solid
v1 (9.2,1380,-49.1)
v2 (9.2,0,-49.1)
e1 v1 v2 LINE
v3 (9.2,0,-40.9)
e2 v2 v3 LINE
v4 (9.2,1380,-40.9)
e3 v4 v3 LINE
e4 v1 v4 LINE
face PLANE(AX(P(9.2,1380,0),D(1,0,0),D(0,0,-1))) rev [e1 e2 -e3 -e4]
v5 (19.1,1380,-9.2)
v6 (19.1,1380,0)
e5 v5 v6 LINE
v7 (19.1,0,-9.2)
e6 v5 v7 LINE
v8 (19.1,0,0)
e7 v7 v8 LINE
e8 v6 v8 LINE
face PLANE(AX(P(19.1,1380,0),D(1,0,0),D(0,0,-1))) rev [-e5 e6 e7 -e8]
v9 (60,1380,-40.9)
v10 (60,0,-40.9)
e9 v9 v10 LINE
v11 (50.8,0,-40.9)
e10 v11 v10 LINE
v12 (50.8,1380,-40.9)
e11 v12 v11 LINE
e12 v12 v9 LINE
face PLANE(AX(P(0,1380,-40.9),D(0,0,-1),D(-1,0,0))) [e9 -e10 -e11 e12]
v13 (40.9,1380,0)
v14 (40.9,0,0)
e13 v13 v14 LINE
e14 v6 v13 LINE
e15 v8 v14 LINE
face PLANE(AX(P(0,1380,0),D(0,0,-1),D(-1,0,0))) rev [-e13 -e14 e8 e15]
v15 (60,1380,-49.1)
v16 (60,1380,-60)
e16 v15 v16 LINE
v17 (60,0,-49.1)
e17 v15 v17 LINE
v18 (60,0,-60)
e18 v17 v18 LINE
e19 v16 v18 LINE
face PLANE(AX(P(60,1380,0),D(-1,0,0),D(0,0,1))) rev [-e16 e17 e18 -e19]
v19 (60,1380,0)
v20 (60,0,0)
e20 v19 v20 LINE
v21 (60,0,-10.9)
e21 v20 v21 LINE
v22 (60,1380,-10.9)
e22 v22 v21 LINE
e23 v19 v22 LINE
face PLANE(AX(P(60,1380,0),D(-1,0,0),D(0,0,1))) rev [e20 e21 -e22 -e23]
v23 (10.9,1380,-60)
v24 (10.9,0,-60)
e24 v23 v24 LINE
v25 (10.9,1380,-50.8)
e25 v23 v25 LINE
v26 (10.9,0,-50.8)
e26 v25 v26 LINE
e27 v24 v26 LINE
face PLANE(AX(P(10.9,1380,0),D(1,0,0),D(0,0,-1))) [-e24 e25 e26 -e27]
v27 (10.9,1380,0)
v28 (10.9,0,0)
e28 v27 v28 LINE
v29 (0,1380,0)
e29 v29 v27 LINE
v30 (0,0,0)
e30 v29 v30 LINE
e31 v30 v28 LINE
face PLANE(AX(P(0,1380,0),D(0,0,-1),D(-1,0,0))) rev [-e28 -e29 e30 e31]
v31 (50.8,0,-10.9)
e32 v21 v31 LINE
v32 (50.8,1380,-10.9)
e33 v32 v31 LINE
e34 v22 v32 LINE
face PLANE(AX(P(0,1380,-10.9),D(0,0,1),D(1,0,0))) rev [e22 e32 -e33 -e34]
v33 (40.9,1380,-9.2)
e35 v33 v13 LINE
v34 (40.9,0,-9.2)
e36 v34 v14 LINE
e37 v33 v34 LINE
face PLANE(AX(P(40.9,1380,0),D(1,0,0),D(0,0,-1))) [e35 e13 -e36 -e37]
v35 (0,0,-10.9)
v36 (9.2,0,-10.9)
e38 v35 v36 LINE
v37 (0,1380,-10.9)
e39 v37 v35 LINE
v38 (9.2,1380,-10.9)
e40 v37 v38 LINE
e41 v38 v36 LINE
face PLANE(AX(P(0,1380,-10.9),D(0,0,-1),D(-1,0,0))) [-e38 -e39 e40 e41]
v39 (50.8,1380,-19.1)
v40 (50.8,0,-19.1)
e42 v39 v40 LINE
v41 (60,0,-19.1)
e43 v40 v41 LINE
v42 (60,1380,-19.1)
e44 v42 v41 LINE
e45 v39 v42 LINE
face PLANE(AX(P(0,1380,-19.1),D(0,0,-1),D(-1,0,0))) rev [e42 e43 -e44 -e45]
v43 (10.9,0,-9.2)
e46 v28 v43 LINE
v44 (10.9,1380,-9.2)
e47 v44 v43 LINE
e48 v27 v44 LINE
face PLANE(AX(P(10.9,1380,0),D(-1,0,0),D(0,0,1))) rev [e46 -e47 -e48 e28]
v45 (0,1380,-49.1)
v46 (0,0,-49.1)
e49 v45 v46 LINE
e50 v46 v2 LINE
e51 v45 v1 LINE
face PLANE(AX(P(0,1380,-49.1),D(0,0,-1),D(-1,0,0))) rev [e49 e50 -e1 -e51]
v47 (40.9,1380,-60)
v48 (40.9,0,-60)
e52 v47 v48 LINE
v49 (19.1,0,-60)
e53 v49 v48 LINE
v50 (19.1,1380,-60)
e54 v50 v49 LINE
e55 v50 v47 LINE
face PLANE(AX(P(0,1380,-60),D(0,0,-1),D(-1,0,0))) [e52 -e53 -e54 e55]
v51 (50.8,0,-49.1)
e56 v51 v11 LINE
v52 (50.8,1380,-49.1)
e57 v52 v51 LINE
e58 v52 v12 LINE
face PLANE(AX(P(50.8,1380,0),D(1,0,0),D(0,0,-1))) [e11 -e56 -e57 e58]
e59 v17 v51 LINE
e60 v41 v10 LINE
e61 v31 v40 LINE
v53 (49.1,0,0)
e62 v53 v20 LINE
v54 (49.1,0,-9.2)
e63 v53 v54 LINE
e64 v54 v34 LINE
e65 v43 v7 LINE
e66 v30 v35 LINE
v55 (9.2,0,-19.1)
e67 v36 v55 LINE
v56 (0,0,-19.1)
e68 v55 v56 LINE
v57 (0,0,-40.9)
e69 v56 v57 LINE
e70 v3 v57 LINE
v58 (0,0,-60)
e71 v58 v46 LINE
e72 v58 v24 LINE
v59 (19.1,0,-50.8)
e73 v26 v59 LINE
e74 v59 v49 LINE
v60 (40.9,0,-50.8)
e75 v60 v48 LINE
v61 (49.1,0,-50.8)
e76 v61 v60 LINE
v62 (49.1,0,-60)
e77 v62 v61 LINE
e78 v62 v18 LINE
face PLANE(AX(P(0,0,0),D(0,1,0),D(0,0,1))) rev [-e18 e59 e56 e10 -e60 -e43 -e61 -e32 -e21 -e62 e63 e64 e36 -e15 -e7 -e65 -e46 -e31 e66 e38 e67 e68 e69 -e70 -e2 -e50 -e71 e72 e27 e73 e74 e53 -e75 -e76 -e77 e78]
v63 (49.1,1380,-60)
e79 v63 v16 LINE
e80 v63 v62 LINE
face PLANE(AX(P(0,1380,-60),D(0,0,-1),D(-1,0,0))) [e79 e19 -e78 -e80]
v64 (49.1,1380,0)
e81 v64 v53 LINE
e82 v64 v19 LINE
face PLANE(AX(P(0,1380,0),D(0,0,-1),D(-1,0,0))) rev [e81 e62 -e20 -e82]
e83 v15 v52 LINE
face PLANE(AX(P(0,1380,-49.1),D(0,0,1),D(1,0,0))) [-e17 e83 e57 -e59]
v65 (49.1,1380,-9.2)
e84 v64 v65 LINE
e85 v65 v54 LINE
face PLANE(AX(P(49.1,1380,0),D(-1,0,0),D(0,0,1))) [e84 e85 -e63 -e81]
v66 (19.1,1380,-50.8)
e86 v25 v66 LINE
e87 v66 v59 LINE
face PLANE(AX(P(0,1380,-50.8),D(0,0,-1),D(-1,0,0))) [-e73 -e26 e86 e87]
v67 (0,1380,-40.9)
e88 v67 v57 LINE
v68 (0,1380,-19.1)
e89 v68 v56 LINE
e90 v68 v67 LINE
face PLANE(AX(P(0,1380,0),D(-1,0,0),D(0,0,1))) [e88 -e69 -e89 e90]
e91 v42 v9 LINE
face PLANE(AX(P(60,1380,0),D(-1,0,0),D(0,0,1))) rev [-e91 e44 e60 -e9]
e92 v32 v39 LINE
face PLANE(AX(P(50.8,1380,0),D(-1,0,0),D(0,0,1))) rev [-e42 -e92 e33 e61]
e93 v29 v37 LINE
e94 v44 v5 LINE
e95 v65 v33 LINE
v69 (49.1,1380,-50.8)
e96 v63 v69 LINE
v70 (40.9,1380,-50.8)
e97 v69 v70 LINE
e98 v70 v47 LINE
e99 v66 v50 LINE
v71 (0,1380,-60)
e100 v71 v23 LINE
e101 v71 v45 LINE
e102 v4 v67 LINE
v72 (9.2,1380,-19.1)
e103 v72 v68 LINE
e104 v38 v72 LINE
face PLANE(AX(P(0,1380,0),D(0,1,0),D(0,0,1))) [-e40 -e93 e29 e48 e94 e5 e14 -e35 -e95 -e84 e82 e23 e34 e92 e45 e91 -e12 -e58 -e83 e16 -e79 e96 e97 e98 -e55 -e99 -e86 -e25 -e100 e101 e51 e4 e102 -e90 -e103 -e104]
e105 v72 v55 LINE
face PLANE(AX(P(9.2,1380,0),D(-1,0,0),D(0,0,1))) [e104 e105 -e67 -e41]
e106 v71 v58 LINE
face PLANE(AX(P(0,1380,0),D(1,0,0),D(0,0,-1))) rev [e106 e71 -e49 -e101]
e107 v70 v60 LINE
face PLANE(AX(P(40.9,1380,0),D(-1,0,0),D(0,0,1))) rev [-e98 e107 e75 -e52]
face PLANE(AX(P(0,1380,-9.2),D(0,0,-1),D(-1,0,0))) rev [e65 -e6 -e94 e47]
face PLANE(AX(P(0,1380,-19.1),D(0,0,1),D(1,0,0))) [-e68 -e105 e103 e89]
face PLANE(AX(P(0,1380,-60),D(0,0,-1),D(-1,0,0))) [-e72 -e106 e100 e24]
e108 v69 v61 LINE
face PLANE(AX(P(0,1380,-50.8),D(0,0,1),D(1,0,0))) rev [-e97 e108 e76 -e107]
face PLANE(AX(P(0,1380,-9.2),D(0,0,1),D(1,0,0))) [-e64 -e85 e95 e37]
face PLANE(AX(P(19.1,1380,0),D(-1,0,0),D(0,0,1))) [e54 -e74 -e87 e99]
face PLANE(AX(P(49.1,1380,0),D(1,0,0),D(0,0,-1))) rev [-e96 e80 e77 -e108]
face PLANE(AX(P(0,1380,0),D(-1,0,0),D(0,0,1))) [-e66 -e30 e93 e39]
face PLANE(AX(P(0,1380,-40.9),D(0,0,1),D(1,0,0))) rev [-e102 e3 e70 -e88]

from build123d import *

# Parameters (mm, degrees)
EXTRUDE_1_DEPTH = 1380


with BuildPart() as part:
    # 草图1 → 凸台-拉伸1 (new body)
    with BuildSketch(Plane(origin=(0, 0, 0), x_dir=(1, 0, 0), z_dir=(0, 1, 0))):
        Polygon((10.9, 60), (0, 60), (0, 49.1), (9.2, 49.1), (9.2, 40.9), (0, 40.9), (0, 30), (30, 30), (30, 60), (19.1, 60), (19.1, 50.8), (10.9, 50.8), align=None)
        Polygon((30, 30), (0, 30), (0, 19.1), (9.2, 19.1), (9.2, 10.9), (0, 10.9), (0, 0), (10.9, 0), (10.9, 9.2), (19.1, 9.2), (19.1, 0), (40.9, 0), (40.9, 9.2), (49.1, 9.2), (49.1, 0), (60, 0), (60, 10.9), (50.8, 10.9), (50.8, 19.1), (60, 19.1), (60, 40.9), (50.8, 40.9), (50.8, 49.1), (60, 49.1), (60, 60), (49.1, 60), (49.1, 50.8), (40.9, 50.8), (40.9, 60), (30, 60), align=None)
    extrude(amount=EXTRUDE_1_DEPTH)


solid = part.part
